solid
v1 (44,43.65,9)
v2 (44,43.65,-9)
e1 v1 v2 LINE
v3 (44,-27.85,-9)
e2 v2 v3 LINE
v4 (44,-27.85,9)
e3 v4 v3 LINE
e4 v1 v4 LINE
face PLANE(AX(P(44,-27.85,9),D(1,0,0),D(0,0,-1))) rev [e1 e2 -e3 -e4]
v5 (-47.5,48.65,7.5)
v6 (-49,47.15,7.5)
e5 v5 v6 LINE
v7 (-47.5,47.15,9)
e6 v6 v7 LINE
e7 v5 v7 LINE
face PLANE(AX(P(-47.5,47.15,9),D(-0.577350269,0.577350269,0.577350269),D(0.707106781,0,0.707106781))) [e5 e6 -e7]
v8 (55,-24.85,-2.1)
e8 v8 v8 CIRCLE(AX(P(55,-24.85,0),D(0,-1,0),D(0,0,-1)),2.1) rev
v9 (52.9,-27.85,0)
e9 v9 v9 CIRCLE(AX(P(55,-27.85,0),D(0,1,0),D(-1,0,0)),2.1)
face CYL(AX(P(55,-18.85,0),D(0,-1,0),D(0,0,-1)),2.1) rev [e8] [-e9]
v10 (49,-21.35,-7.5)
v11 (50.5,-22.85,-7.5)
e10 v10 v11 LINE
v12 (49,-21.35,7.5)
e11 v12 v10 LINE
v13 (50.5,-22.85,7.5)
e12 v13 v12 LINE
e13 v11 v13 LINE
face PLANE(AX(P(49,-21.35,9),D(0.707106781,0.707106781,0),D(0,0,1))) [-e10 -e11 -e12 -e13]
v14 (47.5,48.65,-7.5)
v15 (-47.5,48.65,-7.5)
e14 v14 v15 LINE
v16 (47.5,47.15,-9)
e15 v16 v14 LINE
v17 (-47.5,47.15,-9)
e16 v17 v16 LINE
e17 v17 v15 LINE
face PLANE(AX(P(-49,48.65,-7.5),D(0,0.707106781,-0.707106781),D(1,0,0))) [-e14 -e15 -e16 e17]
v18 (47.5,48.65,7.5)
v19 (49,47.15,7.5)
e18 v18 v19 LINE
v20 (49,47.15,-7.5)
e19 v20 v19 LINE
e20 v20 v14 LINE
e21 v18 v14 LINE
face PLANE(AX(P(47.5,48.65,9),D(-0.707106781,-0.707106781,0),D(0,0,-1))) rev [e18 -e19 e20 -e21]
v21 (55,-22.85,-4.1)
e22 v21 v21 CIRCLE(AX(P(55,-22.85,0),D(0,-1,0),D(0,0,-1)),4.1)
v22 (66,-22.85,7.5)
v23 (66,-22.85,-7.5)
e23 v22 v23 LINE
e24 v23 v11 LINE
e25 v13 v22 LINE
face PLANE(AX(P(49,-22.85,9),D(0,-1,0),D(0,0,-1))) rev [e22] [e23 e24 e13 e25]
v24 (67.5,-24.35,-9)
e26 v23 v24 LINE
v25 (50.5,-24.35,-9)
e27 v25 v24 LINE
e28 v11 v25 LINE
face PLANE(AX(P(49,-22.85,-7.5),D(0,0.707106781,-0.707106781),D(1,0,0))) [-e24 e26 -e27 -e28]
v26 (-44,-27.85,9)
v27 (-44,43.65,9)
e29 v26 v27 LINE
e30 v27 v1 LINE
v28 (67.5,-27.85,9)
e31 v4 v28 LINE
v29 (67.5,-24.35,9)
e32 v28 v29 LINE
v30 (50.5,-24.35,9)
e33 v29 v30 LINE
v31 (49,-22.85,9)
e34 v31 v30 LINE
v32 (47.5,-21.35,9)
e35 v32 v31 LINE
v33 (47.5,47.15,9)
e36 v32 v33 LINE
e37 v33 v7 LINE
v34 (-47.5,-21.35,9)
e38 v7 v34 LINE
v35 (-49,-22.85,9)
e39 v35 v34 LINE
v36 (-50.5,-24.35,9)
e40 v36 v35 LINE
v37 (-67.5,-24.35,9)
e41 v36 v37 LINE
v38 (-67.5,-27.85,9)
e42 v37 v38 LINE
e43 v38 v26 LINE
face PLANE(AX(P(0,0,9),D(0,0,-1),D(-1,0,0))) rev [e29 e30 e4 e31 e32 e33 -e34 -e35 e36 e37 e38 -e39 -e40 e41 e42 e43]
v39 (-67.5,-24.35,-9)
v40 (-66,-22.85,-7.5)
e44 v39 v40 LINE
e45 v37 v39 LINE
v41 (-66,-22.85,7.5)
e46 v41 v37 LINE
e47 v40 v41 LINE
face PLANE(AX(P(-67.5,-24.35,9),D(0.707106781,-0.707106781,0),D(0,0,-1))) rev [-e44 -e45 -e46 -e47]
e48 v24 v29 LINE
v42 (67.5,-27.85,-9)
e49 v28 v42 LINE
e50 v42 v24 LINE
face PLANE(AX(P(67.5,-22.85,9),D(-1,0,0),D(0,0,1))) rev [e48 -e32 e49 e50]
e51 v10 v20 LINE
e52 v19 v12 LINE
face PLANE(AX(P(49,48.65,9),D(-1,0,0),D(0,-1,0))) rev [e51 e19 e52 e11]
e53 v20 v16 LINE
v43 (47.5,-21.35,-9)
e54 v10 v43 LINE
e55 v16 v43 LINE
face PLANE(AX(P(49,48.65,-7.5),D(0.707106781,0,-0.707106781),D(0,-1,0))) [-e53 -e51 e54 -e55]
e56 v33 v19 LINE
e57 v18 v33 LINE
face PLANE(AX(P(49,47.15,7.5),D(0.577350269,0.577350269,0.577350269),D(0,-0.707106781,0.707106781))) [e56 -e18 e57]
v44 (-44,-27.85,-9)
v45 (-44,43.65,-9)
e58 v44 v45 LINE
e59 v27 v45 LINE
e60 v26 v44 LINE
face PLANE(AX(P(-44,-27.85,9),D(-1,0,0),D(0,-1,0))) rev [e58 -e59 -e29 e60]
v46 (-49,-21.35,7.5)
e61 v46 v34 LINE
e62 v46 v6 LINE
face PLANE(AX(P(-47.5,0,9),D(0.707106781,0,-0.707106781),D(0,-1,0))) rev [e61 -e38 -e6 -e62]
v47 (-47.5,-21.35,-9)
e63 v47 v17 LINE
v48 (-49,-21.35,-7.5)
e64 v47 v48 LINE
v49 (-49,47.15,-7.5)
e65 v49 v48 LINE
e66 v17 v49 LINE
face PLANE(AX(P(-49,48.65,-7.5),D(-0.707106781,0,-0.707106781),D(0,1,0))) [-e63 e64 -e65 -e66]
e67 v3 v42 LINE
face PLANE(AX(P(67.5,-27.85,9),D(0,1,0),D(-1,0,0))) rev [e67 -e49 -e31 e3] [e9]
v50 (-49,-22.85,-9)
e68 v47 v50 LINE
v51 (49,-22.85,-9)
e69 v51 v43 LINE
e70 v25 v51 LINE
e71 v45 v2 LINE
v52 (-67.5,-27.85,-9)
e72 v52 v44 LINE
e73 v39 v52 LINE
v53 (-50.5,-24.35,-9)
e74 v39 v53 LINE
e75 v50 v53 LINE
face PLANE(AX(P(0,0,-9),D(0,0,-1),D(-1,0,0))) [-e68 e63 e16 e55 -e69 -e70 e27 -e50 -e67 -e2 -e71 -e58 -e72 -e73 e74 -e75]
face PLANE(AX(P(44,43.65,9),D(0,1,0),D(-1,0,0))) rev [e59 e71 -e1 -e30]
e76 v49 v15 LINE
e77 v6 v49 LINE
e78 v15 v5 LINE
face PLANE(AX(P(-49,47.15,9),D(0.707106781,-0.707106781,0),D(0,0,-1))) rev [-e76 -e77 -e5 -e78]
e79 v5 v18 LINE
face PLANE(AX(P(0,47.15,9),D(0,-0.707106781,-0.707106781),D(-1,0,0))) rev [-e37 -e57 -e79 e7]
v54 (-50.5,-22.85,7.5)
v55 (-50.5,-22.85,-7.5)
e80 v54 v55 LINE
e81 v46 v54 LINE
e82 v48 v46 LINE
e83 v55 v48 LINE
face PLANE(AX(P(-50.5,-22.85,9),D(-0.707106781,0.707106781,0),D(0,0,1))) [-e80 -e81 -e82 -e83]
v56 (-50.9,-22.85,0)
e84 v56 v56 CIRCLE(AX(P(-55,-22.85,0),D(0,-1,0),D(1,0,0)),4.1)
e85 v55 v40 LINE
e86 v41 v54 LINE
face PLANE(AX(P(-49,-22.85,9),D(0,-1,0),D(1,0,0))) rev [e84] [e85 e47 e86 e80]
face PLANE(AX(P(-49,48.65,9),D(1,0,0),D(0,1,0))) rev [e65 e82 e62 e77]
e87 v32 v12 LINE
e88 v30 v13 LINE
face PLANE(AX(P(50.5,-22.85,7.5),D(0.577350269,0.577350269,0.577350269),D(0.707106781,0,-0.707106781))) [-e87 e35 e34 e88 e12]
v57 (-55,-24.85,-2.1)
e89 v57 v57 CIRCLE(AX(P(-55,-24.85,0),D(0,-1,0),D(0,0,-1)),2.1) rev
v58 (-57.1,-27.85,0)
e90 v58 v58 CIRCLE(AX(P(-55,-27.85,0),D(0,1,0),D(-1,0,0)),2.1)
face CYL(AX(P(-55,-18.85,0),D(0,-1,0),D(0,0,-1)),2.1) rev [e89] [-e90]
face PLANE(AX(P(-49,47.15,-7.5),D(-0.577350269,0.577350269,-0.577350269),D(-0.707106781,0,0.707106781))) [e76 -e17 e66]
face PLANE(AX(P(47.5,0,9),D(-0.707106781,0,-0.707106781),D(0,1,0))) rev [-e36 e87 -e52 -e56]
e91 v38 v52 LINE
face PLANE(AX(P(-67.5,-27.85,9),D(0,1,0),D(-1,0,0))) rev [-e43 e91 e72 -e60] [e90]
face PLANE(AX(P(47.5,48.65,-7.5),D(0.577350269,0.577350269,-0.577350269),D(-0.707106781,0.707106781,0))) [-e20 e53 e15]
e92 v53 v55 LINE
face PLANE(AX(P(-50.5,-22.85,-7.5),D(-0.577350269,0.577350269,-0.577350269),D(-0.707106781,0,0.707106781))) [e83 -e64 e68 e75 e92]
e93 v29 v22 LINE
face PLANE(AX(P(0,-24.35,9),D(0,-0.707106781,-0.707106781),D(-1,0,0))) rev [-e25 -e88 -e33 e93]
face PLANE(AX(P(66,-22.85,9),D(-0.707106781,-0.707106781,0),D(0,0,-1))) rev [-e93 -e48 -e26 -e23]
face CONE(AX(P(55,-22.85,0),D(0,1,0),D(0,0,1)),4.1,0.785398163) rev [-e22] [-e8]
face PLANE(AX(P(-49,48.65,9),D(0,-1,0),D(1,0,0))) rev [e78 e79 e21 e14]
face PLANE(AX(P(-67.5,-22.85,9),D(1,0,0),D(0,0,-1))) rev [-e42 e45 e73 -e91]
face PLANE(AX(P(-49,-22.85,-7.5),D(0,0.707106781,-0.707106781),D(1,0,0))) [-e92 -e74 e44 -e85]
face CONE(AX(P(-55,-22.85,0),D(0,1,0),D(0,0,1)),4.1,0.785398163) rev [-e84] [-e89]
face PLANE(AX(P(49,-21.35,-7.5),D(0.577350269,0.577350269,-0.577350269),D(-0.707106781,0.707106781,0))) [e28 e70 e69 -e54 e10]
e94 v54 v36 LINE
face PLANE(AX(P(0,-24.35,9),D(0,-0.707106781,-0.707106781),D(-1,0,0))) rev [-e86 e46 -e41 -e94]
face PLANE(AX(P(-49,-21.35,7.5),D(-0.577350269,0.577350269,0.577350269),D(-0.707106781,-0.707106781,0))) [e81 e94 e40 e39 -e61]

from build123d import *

# Parameters (mm, degrees)
BOSS_EXTRUDE1_DEPTH = 9
SKETCH2_R           = 2.1
CUT_EXTRUDE1_DEPTH  = 9
CHAMFER1_SIZE       = 2
CHAMFER2_SIZE       = 1.5


with BuildPart() as part:
    # Sketch1 → Boss-Extrude1 (new, symmetric)
    with BuildSketch(Plane.XY):
        Polygon((44, -27.85), (44, 43.65), (-44, 43.65), (-44, -27.85), (-67.5, -27.85), (-67.5, -22.85), (-49, -22.85), (-49, 48.65), (49, 48.65), (49, -22.85), (67.5, -22.85), (67.5, -27.85), align=None)
    extrude(amount=BOSS_EXTRUDE1_DEPTH, both=True)

    # Sketch2 → Cut-Extrude1 (cut, symmetric)
    with BuildSketch(Plane.XZ.offset(27.85)):
        with Locations(Location((55, 0, 0), (0, 0, 270))):
            Circle(SKETCH2_R)
        with Locations(Location((-55, 0, 0), (0, 0, 180))):
            Circle(SKETCH2_R)
    extrude(amount=CUT_EXTRUDE1_DEPTH, both=True, mode=Mode.SUBTRACT)

    # Chamfer1
    chamfer1_edges = [part.edges().sort_by_distance(p)[0] for p in [
        (55, -22.85, 2.1),
        (-52.9, -22.85, 0),
    ]]
    chamfer(chamfer1_edges, length=CHAMFER1_SIZE)

    # Chamfer2
    chamfer2_edges = [part.edges().sort_by_distance(p)[0] for p in [
        (58.25, -22.85, 9),
        (-58.25, -22.85, -9),
        (-49, 12.9, -9),
        (0, 48.65, -9),
        (49, 12.9, -9),
        (58.25, -22.85, -9),
        (49, 12.9, 9),
        (0, 48.65, 9),
        (-67.5, -22.85, 0),
        (-49, -22.85, 0),
        (-49, 48.65, 0),
        (49, 48.65, 0),
        (49, -22.85, 0),
        (67.5, -22.85, 0),
        (-49, 12.9, 9),
        (-58.25, -22.85, 9),
    ]]
    chamfer(chamfer2_edges, length=CHAMFER2_SIZE)


solid = part.part
